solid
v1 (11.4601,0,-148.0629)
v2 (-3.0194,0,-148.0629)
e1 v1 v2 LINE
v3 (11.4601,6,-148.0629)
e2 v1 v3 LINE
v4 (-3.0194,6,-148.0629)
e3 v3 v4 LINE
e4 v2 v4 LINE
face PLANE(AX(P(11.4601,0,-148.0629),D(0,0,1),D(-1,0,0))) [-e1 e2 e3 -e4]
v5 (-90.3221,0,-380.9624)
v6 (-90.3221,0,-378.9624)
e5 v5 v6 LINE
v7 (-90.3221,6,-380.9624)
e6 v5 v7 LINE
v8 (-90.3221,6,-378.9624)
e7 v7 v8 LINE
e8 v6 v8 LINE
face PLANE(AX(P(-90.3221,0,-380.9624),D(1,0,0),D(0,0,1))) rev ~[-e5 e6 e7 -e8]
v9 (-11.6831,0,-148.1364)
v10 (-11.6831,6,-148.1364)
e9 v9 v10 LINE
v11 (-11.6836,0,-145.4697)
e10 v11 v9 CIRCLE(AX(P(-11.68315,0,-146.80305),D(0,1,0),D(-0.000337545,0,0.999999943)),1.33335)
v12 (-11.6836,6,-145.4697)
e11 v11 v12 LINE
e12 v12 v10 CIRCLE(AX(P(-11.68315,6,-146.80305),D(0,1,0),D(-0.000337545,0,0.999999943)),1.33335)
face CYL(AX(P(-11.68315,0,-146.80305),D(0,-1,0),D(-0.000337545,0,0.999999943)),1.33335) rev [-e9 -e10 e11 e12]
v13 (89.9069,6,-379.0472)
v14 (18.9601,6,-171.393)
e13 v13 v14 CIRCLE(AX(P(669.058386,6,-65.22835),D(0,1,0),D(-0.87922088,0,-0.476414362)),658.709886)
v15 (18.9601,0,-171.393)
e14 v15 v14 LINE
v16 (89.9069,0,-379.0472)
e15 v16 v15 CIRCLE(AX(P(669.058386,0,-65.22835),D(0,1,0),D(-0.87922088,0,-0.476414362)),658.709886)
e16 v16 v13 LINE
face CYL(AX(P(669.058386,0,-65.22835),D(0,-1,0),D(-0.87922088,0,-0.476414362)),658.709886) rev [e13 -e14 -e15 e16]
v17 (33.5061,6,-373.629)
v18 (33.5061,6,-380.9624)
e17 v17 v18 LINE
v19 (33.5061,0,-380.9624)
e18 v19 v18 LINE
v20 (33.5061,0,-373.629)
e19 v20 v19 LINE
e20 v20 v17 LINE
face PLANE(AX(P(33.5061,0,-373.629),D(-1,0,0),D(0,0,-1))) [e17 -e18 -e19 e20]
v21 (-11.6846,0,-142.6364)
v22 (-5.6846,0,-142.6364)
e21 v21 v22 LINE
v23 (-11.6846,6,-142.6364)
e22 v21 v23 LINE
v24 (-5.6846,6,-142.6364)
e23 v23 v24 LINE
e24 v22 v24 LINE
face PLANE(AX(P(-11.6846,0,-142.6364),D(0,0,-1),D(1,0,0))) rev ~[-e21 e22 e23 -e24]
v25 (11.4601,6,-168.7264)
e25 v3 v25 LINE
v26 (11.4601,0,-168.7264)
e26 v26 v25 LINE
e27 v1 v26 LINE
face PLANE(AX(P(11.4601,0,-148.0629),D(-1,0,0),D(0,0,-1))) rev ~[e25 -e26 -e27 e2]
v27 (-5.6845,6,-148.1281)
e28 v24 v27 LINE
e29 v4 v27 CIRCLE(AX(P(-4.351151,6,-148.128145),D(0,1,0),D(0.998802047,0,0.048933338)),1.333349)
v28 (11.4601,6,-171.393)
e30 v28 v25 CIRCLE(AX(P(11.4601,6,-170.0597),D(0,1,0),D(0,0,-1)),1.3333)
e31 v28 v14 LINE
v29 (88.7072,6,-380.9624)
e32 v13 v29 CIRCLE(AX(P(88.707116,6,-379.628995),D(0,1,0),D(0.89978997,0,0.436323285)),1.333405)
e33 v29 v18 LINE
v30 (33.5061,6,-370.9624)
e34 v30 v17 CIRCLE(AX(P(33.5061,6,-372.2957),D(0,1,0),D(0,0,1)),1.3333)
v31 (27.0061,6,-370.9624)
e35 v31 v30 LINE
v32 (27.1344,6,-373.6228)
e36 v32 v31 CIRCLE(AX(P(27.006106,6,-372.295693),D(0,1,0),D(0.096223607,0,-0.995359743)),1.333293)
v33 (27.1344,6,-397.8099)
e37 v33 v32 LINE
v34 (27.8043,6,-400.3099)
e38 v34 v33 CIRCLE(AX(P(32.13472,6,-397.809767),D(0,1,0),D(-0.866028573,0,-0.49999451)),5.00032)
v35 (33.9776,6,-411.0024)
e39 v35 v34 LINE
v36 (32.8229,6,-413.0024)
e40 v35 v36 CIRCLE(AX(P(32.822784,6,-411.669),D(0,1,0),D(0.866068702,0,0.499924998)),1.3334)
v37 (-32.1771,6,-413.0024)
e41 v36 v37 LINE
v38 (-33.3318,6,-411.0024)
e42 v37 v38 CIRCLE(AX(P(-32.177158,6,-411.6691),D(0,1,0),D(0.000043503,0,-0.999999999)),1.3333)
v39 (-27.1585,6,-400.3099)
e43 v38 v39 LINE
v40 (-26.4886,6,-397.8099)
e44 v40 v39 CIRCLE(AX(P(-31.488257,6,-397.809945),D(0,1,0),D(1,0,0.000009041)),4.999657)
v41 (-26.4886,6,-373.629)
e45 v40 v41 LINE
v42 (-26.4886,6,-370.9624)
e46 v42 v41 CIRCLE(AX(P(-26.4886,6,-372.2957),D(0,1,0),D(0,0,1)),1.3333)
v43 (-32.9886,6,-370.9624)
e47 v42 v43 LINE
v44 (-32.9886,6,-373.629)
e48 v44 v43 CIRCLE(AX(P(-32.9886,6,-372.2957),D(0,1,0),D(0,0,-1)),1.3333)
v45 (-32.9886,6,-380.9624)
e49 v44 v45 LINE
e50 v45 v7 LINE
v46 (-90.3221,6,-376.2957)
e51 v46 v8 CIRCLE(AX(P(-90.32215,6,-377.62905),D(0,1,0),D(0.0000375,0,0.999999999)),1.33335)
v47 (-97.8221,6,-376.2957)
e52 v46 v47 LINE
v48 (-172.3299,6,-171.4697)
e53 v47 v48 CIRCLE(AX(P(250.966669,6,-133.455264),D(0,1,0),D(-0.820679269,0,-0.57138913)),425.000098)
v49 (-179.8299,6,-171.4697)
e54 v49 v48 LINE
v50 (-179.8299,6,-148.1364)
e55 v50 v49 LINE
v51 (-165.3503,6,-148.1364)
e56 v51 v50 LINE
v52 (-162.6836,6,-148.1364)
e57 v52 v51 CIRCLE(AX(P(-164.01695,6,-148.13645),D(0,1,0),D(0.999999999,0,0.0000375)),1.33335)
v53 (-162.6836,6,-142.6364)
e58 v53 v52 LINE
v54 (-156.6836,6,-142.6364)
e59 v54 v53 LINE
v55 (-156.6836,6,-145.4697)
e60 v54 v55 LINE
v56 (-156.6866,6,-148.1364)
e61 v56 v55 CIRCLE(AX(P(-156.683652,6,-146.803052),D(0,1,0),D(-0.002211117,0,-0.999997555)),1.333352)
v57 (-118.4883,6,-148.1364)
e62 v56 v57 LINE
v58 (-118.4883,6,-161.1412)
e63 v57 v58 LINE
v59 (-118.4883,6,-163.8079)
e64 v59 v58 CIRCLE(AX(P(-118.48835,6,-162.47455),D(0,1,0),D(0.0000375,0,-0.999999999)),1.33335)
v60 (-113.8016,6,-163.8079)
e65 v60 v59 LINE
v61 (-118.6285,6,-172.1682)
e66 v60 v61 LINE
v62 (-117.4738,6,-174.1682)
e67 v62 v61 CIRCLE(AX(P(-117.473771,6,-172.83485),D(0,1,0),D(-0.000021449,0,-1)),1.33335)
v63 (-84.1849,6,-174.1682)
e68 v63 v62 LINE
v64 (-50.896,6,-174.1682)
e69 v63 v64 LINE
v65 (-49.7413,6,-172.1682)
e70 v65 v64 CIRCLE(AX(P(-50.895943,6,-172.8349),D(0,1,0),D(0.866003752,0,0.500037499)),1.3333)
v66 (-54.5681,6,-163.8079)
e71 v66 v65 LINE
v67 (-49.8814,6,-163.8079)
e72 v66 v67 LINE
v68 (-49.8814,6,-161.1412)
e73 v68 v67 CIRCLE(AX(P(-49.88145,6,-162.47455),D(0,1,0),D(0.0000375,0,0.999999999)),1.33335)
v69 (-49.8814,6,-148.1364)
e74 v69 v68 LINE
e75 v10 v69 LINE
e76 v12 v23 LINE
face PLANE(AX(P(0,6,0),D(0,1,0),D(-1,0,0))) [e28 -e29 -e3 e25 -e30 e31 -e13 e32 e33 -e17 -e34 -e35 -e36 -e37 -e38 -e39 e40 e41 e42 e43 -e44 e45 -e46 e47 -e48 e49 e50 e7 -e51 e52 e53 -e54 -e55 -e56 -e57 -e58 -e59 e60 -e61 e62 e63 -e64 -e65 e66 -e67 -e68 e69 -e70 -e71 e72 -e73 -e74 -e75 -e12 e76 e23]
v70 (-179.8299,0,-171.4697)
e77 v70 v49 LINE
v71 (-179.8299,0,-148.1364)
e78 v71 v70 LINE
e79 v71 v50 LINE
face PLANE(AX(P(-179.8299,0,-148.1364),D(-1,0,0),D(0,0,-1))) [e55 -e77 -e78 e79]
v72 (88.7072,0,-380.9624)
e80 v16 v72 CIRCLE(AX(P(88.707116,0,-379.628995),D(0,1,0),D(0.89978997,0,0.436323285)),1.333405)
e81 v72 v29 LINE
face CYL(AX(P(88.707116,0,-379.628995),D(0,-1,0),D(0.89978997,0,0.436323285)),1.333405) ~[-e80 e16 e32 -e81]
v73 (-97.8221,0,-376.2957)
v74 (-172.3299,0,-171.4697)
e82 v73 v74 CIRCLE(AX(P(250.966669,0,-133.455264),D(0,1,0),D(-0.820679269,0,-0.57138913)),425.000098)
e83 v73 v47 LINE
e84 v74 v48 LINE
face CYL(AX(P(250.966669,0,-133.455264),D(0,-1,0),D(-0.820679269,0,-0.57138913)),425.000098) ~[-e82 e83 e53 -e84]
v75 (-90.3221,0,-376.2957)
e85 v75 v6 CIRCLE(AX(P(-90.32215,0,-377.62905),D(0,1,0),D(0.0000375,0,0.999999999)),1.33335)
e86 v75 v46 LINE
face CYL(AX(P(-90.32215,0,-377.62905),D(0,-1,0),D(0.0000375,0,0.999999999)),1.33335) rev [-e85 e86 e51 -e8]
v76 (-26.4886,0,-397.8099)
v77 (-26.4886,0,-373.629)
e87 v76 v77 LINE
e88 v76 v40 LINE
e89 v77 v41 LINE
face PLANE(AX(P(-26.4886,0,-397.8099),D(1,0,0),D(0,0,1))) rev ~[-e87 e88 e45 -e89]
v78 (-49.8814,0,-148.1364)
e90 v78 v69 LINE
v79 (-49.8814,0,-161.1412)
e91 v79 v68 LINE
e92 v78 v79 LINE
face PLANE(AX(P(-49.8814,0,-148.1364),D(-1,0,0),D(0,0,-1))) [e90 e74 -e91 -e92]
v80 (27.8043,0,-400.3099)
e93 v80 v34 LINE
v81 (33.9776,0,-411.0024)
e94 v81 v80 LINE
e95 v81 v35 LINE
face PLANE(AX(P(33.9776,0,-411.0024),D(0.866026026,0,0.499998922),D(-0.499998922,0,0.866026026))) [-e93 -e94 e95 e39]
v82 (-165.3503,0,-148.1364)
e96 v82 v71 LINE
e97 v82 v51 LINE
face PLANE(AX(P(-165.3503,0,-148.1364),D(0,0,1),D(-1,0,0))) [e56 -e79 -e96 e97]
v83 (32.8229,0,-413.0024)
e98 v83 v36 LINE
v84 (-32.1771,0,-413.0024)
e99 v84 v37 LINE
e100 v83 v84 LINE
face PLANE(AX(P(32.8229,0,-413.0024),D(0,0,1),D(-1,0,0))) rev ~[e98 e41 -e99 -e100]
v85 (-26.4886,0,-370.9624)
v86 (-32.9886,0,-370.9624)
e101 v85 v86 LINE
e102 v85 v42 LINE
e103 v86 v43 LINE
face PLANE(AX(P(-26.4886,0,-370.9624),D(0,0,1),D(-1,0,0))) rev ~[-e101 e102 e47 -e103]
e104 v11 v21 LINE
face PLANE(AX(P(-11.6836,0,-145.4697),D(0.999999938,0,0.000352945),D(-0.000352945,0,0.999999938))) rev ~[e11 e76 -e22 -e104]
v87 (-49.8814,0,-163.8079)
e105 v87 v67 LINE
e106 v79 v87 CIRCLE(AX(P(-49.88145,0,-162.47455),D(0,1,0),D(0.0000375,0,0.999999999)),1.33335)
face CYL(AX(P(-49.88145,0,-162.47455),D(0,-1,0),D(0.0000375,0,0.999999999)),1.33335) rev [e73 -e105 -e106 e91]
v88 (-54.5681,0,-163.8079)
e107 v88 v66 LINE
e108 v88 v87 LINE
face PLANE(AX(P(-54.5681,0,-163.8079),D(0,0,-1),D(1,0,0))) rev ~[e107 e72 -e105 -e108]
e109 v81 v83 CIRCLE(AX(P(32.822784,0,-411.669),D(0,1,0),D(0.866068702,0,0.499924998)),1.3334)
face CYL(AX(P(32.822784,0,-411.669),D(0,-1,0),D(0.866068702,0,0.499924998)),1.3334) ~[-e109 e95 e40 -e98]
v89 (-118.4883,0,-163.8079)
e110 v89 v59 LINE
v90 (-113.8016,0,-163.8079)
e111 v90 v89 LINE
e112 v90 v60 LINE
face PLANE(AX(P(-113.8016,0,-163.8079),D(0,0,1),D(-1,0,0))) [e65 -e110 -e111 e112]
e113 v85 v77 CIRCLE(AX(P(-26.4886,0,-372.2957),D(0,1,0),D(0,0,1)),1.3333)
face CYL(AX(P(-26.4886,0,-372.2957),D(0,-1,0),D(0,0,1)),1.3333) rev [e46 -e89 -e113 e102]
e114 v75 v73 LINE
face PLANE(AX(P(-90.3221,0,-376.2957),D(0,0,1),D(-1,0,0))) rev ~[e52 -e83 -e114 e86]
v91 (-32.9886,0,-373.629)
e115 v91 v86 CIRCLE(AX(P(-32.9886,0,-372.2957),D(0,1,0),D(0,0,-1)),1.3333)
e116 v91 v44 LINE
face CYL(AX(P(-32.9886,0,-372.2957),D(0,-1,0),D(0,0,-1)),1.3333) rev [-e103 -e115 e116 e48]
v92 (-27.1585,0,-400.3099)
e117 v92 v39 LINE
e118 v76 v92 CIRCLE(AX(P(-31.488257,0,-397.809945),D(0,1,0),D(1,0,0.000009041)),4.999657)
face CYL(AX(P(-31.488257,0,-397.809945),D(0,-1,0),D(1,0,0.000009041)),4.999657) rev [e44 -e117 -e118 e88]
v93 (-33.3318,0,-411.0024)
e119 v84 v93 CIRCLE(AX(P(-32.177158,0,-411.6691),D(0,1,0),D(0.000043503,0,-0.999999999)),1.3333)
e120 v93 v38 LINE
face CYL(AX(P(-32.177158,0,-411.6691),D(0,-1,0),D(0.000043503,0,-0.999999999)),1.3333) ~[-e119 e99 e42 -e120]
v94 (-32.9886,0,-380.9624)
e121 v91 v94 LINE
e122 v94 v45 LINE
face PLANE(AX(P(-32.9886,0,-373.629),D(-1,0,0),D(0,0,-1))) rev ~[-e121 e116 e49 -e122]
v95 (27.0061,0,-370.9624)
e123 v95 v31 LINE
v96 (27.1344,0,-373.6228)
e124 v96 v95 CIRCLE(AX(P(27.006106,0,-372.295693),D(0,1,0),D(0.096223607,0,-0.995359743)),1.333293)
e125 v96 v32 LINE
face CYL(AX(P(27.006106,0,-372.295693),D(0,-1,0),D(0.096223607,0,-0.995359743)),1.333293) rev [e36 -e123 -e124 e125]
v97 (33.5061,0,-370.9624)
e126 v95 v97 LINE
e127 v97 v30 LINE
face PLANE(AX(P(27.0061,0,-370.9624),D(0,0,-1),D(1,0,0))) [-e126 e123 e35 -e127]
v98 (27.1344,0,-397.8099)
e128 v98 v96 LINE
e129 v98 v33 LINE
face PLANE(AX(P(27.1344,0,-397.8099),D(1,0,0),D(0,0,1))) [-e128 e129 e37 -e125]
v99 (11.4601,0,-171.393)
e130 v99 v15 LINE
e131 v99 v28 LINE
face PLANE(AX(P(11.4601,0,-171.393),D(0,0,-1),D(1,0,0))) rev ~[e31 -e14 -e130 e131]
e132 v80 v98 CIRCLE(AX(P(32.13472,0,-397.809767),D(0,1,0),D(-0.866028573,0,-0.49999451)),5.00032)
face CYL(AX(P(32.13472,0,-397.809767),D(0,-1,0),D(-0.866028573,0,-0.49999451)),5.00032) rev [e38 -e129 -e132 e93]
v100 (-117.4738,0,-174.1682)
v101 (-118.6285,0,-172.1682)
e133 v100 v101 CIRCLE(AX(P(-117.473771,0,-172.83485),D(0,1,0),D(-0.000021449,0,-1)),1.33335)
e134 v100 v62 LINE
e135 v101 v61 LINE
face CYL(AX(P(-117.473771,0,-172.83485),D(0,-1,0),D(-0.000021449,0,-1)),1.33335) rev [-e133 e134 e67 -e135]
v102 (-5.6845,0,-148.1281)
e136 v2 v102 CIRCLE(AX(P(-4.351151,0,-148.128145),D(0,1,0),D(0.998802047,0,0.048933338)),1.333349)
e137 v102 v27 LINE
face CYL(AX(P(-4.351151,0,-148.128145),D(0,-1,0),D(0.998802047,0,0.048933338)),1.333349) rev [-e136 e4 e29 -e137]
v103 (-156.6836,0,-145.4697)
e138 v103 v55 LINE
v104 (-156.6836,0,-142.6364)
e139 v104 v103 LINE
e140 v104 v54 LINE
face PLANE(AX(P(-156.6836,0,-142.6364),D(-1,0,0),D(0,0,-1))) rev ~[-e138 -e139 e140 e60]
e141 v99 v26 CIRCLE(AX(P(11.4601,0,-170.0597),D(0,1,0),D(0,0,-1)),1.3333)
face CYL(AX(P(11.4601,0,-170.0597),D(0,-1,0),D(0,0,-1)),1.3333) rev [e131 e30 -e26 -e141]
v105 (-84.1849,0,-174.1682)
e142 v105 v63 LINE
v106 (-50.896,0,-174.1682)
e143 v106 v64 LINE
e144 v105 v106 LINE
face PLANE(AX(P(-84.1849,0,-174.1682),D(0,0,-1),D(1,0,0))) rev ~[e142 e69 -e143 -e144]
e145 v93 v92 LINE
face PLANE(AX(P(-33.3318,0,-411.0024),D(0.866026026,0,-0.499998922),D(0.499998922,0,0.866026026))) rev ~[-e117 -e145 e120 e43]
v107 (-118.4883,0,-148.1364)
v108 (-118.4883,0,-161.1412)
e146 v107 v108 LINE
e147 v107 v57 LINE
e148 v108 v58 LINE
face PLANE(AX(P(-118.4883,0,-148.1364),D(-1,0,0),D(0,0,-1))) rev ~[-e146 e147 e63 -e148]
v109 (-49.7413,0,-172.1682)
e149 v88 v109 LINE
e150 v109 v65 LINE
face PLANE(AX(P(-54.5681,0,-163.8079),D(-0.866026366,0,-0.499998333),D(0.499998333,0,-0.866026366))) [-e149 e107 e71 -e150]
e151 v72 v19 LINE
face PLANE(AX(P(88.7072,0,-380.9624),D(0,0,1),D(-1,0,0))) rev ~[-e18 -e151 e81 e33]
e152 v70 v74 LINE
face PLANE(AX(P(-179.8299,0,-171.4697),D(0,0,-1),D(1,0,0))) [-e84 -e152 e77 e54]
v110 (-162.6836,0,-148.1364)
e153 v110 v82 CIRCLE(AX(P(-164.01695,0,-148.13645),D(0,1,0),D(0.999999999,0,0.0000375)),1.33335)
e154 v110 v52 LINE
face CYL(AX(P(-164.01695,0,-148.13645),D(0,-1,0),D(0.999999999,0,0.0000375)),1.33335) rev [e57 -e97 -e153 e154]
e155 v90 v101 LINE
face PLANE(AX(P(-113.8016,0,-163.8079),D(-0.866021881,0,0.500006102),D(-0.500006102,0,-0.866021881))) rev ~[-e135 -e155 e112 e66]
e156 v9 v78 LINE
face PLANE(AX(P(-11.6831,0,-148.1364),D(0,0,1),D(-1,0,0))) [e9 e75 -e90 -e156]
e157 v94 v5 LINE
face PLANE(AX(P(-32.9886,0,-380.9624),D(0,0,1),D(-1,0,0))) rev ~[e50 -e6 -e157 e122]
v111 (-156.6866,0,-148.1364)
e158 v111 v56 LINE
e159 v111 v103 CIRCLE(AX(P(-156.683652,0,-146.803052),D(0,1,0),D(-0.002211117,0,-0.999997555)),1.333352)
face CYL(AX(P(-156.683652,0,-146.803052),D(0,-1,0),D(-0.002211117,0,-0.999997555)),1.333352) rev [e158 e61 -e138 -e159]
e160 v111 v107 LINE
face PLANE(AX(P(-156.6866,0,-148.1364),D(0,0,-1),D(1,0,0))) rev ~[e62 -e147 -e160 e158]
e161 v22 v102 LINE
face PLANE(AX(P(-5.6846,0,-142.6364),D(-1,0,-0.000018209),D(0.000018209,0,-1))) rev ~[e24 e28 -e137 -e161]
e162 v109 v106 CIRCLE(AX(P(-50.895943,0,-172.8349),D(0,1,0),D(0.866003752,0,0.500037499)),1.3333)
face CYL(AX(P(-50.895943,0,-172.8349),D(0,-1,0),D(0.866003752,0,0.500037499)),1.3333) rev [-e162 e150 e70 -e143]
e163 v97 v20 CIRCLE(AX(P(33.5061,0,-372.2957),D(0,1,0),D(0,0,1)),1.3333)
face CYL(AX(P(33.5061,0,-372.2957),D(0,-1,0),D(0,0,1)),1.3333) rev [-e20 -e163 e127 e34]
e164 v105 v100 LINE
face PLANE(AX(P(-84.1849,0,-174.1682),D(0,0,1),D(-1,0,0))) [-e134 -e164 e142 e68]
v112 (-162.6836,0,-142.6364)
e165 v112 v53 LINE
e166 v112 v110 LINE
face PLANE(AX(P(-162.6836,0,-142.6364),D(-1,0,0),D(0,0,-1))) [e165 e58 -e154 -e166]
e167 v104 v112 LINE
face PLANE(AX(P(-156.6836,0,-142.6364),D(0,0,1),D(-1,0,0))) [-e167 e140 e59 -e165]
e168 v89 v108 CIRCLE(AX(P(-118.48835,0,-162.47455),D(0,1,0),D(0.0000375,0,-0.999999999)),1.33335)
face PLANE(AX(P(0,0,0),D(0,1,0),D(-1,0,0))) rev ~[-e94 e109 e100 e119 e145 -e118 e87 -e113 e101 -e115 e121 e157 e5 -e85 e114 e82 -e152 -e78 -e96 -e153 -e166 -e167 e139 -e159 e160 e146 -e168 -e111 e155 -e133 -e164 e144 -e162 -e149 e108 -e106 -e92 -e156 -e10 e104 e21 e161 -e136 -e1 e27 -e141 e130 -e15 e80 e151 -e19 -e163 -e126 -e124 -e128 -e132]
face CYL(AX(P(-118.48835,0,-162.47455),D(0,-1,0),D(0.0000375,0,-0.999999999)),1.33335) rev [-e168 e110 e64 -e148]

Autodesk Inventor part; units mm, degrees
ref_plane "YZ Plane" through (0, 0, 0) normal (1, 0, 0) x (0, 1, 0)
ref_plane "XZ Plane" through (0, 0, 0) normal (0, 1, 0) x (-1, 0, 0)
ref_plane "XY Plane" through (0, 0, 0) normal (0, 0, 1) x (1, 0, 0)
sketch "Sketch1" plane through (0, 0, 0) normal (0, 1, 0) x (-1, 0, 0)
  line L0 (113.8016, -163.8079) -> (118.6285, -172.1682)
  line L1 (113.8016, -163.8079) -> (118.4883, -163.8079)
  arc A0 (32.1771, -413.0024) -> (33.3318, -411.0024) centre (32.1771, -411.669) ccw
  line L2 (26.4886, -397.8099) -> (26.4886, -373.629)
  arc A1 (26.4886, -370.9624) -> (26.4886, -373.629) centre (26.4886, -372.2957) ccw
  line L3 (26.4886, -370.9624) -> (32.9886, -370.9624)
  arc A2 (32.9886, -373.629) -> (32.9886, -370.9624) centre (32.9886, -372.2957) ccw
  line L4 (32.9886, -373.629) -> (32.9886, -380.9624)
  line L5 (-88.7072, -380.9624) -> (-33.5061, -380.9624)
  line L6 (32.9886, -380.9624) -> (90.3221, -380.9624)
  arc A3 (-33.9776, -411.0024) -> (-32.8229, -413.0024) centre (-32.8229, -411.669) ccw
  arc A4 (-27.1344, -373.6228) -> (-27.0061, -370.9624) centre (-27.0061, -372.2957) ccw
  line L7 (-27.0061, -370.9624) -> (-33.5061, -370.9624)
  arc A5 (-33.5061, -370.9624) -> (-33.5061, -373.629) centre (-33.5061, -372.2957) ccw
  line L8 (-33.5061, -373.629) -> (-33.5061, -380.9624)
  line L9 (118.4883, -148.1364) -> (118.4883, -161.1412)
  line L10 (33.3318, -411.0024) -> (27.1585, -400.3099)
  arc A6 (26.4886, -397.8099) -> (27.1585, -400.3099) centre (31.4886, -397.8099) ccw
  line L11 (-27.1344, -397.8099) -> (-27.1344, -373.6228)
  line L12 (-33.9776, -411.0024) -> (-27.8043, -400.3099)
  arc A7 (-27.8043, -400.3099) -> (-27.1344, -397.8099) centre (-32.1344, -397.8099) ccw
  line L13 (-32.8229, -413.0024) -> (32.1771, -413.0024)
  line L14 (-11.4601, -148.0629) -> (-11.4601, -168.7264)
  line L15 (156.6836, -142.6364) -> (162.6836, -142.6364)
  line L16 (162.6836, -142.6364) -> (162.6836, -148.1364)
  line L17 (156.6866, -148.1364) -> (118.4883, -148.1364)
  line L18 (11.6836, -145.4697) -> (11.6846, -142.6364)
  line L19 (11.6846, -142.6364) -> (5.6846, -142.6364)
  line L20 (5.6846, -142.6364) -> (5.6845, -148.1281)
  line L21 (11.6831, -148.1364) -> (49.8814, -148.1364)
  arc A8 (11.6836, -145.4697) -> (11.6831, -148.1364) centre (11.6831, -146.803) ccw
  arc A9 (3.0194, -148.0629) -> (5.6845, -148.1281) centre (4.3512, -148.1281) ccw
  line L22 (-11.4601, -148.0629) -> (3.0194, -148.0629)
  line L23 (-11.4601, -171.393) -> (-18.9601, -171.393)
  arc A10 (-11.4601, -171.393) -> (-11.4601, -168.7264) centre (-11.4601, -170.0597) ccw
  line L24 (162.6836, -145.3864) -> (185.043, -145.3864) construction
  line L25 (21.6753, -413.0028) -> (-28.7481, -413.0028) construction
  line L26 (-0.3229, -413.0028) -> (-0.3229, -413.0028)
  arc A11 (-89.9069, -379.0472) -> (-88.7072, -380.9624) centre (-88.7072, -379.629) ccw
  line L27 (156.6836, -142.6364) -> (156.6836, -145.4697)
  line L28 (165.3503, -148.1364) -> (179.8299, -148.1364)
  arc A12 (156.6866, -148.1364) -> (156.6836, -145.4697) centre (156.6836, -146.803) ccw
  arc A13 (162.6836, -148.1364) -> (165.3503, -148.1364) centre (164.017, -148.1364) ccw
  line L29 (179.8299, -148.1364) -> (179.8299, -171.4697)
  line L30 (179.8299, -171.4697) -> (172.3299, -171.4697)
  line L31 (90.3221, -380.9624) -> (90.3221, -378.9624)
  line L32 (90.3221, -376.2957) -> (97.8221, -376.2957)
  arc A14 (90.3221, -376.2957) -> (90.3221, -378.9624) centre (90.3221, -377.629) ccw
  line L33 (118.4883, -161.1412) -> (118.4883, -164.2811)
  arc A15 (118.4883, -163.8079) -> (118.4883, -161.1412) centre (118.4883, -162.4745) ccw
  line L34 (84.1849, -148.1364) -> (84.1849, -155.2534)
  arc A16 (117.4738, -174.1682) -> (118.6285, -172.1682) centre (117.4738, -172.8349) ccw
  line L35 (84.1849, -174.1682) -> (117.4738, -174.1682)
  line L36 (54.5681, -163.8079) -> (49.7413, -172.1682)
  line L37 (54.5681, -163.8079) -> (49.8814, -163.8079)
  line L38 (49.8814, -148.1364) -> (49.8814, -161.1412)
  line L39 (49.8814, -161.1412) -> (49.8814, -164.2811)
  arc A17 (49.8814, -161.1412) -> (49.8814, -163.8079) centre (49.8814, -162.4745) ccw
  arc A18 (49.7413, -172.1682) -> (50.896, -174.1682) centre (50.896, -172.8349) ccw
  line L40 (84.1849, -174.1682) -> (50.896, -174.1682)
  arc A19 (97.8221, -376.2957) -> (172.3299, -171.4697) centre (-250.9666, -133.4553) ccw
  arc A20 (-89.9069, -379.0472) -> (-18.9601, -171.393) centre (-669.0585, -65.2283) ccw
  point P0 (-90.8396, -380.9624)
  point P1 (-27.3048, -399.1039)
  dimension "d102" = 2.6667
  dimension "d107" = 2.6667
  dimension "d108" = 6.5
  dimension "d109" = 2.6667
  dimension "d141" = 7.3333
  dimension "d142" = 5
  dimension "d170" = 13.0048
  dimension "d173" = 6
  dimension "d174" = 5.5
  dimension "d177" = 7.5
  dimension "d179" = 2.6667
  dimension "d181" = 232.826
  dimension "d183" = 264.8664
  dimension "d184" = 23.3301
  dimension "d186" = 57.3335
  dimension "d187" = 57.3335
  dimension "d189" = 6.5
  dimension "d190" = 7.3333
  dimension "d191" = 24.187
  dimension "d192" = 1.3333
  dimension "d202" = 6
  dimension "d203" = 1.3333
  dimension "d204" = 1.3333
  dimension "d208" = 191.29
  dimension "d209" = 2.6667
  dimension "d210" = 2.6667
  dimension "d211" = 14.4796
  dimension "d212" = 14.4796
  dimension "d213" = 61.3416
  dimension "d214" = 145
  dimension "d216" = 23.3333
  dimension "d217" = 7.5
  dimension "d220" = 7.5
  dimension "d221" = 2.6667
  dimension "d223" = 38.1984
  dimension "d226" = 61.3416
  dimension "d232" = 2.6667
  dimension "d233" = 2.6667
  dimension "d234" = 61.3416
  dimension "d235" = 60
  dimension "d236" = 33.2889
  dimension "d237" = 2
  dimension "d238" = 425
  dimension "d239" = 658.71
extrude "Extrusion4" add sketch "Sketch1" along normal blind 6 contours L1 A15 L9 L17 A12 L27 L15 L16 A13 L28 L29 L30 A19 L32 A14 L31 L6 L4 A2 L3 A1 L2 A6 L10 A0 L13 A3 L12 A7 L11 A4 L7 A5 L8 L5 A11 A20 L23 A10 L14 L22 A9 L20 L19 L18 A8 L21 L38 A17 L37 L36 A18 L40 L35 A16 L0
properties part number "Support C"
